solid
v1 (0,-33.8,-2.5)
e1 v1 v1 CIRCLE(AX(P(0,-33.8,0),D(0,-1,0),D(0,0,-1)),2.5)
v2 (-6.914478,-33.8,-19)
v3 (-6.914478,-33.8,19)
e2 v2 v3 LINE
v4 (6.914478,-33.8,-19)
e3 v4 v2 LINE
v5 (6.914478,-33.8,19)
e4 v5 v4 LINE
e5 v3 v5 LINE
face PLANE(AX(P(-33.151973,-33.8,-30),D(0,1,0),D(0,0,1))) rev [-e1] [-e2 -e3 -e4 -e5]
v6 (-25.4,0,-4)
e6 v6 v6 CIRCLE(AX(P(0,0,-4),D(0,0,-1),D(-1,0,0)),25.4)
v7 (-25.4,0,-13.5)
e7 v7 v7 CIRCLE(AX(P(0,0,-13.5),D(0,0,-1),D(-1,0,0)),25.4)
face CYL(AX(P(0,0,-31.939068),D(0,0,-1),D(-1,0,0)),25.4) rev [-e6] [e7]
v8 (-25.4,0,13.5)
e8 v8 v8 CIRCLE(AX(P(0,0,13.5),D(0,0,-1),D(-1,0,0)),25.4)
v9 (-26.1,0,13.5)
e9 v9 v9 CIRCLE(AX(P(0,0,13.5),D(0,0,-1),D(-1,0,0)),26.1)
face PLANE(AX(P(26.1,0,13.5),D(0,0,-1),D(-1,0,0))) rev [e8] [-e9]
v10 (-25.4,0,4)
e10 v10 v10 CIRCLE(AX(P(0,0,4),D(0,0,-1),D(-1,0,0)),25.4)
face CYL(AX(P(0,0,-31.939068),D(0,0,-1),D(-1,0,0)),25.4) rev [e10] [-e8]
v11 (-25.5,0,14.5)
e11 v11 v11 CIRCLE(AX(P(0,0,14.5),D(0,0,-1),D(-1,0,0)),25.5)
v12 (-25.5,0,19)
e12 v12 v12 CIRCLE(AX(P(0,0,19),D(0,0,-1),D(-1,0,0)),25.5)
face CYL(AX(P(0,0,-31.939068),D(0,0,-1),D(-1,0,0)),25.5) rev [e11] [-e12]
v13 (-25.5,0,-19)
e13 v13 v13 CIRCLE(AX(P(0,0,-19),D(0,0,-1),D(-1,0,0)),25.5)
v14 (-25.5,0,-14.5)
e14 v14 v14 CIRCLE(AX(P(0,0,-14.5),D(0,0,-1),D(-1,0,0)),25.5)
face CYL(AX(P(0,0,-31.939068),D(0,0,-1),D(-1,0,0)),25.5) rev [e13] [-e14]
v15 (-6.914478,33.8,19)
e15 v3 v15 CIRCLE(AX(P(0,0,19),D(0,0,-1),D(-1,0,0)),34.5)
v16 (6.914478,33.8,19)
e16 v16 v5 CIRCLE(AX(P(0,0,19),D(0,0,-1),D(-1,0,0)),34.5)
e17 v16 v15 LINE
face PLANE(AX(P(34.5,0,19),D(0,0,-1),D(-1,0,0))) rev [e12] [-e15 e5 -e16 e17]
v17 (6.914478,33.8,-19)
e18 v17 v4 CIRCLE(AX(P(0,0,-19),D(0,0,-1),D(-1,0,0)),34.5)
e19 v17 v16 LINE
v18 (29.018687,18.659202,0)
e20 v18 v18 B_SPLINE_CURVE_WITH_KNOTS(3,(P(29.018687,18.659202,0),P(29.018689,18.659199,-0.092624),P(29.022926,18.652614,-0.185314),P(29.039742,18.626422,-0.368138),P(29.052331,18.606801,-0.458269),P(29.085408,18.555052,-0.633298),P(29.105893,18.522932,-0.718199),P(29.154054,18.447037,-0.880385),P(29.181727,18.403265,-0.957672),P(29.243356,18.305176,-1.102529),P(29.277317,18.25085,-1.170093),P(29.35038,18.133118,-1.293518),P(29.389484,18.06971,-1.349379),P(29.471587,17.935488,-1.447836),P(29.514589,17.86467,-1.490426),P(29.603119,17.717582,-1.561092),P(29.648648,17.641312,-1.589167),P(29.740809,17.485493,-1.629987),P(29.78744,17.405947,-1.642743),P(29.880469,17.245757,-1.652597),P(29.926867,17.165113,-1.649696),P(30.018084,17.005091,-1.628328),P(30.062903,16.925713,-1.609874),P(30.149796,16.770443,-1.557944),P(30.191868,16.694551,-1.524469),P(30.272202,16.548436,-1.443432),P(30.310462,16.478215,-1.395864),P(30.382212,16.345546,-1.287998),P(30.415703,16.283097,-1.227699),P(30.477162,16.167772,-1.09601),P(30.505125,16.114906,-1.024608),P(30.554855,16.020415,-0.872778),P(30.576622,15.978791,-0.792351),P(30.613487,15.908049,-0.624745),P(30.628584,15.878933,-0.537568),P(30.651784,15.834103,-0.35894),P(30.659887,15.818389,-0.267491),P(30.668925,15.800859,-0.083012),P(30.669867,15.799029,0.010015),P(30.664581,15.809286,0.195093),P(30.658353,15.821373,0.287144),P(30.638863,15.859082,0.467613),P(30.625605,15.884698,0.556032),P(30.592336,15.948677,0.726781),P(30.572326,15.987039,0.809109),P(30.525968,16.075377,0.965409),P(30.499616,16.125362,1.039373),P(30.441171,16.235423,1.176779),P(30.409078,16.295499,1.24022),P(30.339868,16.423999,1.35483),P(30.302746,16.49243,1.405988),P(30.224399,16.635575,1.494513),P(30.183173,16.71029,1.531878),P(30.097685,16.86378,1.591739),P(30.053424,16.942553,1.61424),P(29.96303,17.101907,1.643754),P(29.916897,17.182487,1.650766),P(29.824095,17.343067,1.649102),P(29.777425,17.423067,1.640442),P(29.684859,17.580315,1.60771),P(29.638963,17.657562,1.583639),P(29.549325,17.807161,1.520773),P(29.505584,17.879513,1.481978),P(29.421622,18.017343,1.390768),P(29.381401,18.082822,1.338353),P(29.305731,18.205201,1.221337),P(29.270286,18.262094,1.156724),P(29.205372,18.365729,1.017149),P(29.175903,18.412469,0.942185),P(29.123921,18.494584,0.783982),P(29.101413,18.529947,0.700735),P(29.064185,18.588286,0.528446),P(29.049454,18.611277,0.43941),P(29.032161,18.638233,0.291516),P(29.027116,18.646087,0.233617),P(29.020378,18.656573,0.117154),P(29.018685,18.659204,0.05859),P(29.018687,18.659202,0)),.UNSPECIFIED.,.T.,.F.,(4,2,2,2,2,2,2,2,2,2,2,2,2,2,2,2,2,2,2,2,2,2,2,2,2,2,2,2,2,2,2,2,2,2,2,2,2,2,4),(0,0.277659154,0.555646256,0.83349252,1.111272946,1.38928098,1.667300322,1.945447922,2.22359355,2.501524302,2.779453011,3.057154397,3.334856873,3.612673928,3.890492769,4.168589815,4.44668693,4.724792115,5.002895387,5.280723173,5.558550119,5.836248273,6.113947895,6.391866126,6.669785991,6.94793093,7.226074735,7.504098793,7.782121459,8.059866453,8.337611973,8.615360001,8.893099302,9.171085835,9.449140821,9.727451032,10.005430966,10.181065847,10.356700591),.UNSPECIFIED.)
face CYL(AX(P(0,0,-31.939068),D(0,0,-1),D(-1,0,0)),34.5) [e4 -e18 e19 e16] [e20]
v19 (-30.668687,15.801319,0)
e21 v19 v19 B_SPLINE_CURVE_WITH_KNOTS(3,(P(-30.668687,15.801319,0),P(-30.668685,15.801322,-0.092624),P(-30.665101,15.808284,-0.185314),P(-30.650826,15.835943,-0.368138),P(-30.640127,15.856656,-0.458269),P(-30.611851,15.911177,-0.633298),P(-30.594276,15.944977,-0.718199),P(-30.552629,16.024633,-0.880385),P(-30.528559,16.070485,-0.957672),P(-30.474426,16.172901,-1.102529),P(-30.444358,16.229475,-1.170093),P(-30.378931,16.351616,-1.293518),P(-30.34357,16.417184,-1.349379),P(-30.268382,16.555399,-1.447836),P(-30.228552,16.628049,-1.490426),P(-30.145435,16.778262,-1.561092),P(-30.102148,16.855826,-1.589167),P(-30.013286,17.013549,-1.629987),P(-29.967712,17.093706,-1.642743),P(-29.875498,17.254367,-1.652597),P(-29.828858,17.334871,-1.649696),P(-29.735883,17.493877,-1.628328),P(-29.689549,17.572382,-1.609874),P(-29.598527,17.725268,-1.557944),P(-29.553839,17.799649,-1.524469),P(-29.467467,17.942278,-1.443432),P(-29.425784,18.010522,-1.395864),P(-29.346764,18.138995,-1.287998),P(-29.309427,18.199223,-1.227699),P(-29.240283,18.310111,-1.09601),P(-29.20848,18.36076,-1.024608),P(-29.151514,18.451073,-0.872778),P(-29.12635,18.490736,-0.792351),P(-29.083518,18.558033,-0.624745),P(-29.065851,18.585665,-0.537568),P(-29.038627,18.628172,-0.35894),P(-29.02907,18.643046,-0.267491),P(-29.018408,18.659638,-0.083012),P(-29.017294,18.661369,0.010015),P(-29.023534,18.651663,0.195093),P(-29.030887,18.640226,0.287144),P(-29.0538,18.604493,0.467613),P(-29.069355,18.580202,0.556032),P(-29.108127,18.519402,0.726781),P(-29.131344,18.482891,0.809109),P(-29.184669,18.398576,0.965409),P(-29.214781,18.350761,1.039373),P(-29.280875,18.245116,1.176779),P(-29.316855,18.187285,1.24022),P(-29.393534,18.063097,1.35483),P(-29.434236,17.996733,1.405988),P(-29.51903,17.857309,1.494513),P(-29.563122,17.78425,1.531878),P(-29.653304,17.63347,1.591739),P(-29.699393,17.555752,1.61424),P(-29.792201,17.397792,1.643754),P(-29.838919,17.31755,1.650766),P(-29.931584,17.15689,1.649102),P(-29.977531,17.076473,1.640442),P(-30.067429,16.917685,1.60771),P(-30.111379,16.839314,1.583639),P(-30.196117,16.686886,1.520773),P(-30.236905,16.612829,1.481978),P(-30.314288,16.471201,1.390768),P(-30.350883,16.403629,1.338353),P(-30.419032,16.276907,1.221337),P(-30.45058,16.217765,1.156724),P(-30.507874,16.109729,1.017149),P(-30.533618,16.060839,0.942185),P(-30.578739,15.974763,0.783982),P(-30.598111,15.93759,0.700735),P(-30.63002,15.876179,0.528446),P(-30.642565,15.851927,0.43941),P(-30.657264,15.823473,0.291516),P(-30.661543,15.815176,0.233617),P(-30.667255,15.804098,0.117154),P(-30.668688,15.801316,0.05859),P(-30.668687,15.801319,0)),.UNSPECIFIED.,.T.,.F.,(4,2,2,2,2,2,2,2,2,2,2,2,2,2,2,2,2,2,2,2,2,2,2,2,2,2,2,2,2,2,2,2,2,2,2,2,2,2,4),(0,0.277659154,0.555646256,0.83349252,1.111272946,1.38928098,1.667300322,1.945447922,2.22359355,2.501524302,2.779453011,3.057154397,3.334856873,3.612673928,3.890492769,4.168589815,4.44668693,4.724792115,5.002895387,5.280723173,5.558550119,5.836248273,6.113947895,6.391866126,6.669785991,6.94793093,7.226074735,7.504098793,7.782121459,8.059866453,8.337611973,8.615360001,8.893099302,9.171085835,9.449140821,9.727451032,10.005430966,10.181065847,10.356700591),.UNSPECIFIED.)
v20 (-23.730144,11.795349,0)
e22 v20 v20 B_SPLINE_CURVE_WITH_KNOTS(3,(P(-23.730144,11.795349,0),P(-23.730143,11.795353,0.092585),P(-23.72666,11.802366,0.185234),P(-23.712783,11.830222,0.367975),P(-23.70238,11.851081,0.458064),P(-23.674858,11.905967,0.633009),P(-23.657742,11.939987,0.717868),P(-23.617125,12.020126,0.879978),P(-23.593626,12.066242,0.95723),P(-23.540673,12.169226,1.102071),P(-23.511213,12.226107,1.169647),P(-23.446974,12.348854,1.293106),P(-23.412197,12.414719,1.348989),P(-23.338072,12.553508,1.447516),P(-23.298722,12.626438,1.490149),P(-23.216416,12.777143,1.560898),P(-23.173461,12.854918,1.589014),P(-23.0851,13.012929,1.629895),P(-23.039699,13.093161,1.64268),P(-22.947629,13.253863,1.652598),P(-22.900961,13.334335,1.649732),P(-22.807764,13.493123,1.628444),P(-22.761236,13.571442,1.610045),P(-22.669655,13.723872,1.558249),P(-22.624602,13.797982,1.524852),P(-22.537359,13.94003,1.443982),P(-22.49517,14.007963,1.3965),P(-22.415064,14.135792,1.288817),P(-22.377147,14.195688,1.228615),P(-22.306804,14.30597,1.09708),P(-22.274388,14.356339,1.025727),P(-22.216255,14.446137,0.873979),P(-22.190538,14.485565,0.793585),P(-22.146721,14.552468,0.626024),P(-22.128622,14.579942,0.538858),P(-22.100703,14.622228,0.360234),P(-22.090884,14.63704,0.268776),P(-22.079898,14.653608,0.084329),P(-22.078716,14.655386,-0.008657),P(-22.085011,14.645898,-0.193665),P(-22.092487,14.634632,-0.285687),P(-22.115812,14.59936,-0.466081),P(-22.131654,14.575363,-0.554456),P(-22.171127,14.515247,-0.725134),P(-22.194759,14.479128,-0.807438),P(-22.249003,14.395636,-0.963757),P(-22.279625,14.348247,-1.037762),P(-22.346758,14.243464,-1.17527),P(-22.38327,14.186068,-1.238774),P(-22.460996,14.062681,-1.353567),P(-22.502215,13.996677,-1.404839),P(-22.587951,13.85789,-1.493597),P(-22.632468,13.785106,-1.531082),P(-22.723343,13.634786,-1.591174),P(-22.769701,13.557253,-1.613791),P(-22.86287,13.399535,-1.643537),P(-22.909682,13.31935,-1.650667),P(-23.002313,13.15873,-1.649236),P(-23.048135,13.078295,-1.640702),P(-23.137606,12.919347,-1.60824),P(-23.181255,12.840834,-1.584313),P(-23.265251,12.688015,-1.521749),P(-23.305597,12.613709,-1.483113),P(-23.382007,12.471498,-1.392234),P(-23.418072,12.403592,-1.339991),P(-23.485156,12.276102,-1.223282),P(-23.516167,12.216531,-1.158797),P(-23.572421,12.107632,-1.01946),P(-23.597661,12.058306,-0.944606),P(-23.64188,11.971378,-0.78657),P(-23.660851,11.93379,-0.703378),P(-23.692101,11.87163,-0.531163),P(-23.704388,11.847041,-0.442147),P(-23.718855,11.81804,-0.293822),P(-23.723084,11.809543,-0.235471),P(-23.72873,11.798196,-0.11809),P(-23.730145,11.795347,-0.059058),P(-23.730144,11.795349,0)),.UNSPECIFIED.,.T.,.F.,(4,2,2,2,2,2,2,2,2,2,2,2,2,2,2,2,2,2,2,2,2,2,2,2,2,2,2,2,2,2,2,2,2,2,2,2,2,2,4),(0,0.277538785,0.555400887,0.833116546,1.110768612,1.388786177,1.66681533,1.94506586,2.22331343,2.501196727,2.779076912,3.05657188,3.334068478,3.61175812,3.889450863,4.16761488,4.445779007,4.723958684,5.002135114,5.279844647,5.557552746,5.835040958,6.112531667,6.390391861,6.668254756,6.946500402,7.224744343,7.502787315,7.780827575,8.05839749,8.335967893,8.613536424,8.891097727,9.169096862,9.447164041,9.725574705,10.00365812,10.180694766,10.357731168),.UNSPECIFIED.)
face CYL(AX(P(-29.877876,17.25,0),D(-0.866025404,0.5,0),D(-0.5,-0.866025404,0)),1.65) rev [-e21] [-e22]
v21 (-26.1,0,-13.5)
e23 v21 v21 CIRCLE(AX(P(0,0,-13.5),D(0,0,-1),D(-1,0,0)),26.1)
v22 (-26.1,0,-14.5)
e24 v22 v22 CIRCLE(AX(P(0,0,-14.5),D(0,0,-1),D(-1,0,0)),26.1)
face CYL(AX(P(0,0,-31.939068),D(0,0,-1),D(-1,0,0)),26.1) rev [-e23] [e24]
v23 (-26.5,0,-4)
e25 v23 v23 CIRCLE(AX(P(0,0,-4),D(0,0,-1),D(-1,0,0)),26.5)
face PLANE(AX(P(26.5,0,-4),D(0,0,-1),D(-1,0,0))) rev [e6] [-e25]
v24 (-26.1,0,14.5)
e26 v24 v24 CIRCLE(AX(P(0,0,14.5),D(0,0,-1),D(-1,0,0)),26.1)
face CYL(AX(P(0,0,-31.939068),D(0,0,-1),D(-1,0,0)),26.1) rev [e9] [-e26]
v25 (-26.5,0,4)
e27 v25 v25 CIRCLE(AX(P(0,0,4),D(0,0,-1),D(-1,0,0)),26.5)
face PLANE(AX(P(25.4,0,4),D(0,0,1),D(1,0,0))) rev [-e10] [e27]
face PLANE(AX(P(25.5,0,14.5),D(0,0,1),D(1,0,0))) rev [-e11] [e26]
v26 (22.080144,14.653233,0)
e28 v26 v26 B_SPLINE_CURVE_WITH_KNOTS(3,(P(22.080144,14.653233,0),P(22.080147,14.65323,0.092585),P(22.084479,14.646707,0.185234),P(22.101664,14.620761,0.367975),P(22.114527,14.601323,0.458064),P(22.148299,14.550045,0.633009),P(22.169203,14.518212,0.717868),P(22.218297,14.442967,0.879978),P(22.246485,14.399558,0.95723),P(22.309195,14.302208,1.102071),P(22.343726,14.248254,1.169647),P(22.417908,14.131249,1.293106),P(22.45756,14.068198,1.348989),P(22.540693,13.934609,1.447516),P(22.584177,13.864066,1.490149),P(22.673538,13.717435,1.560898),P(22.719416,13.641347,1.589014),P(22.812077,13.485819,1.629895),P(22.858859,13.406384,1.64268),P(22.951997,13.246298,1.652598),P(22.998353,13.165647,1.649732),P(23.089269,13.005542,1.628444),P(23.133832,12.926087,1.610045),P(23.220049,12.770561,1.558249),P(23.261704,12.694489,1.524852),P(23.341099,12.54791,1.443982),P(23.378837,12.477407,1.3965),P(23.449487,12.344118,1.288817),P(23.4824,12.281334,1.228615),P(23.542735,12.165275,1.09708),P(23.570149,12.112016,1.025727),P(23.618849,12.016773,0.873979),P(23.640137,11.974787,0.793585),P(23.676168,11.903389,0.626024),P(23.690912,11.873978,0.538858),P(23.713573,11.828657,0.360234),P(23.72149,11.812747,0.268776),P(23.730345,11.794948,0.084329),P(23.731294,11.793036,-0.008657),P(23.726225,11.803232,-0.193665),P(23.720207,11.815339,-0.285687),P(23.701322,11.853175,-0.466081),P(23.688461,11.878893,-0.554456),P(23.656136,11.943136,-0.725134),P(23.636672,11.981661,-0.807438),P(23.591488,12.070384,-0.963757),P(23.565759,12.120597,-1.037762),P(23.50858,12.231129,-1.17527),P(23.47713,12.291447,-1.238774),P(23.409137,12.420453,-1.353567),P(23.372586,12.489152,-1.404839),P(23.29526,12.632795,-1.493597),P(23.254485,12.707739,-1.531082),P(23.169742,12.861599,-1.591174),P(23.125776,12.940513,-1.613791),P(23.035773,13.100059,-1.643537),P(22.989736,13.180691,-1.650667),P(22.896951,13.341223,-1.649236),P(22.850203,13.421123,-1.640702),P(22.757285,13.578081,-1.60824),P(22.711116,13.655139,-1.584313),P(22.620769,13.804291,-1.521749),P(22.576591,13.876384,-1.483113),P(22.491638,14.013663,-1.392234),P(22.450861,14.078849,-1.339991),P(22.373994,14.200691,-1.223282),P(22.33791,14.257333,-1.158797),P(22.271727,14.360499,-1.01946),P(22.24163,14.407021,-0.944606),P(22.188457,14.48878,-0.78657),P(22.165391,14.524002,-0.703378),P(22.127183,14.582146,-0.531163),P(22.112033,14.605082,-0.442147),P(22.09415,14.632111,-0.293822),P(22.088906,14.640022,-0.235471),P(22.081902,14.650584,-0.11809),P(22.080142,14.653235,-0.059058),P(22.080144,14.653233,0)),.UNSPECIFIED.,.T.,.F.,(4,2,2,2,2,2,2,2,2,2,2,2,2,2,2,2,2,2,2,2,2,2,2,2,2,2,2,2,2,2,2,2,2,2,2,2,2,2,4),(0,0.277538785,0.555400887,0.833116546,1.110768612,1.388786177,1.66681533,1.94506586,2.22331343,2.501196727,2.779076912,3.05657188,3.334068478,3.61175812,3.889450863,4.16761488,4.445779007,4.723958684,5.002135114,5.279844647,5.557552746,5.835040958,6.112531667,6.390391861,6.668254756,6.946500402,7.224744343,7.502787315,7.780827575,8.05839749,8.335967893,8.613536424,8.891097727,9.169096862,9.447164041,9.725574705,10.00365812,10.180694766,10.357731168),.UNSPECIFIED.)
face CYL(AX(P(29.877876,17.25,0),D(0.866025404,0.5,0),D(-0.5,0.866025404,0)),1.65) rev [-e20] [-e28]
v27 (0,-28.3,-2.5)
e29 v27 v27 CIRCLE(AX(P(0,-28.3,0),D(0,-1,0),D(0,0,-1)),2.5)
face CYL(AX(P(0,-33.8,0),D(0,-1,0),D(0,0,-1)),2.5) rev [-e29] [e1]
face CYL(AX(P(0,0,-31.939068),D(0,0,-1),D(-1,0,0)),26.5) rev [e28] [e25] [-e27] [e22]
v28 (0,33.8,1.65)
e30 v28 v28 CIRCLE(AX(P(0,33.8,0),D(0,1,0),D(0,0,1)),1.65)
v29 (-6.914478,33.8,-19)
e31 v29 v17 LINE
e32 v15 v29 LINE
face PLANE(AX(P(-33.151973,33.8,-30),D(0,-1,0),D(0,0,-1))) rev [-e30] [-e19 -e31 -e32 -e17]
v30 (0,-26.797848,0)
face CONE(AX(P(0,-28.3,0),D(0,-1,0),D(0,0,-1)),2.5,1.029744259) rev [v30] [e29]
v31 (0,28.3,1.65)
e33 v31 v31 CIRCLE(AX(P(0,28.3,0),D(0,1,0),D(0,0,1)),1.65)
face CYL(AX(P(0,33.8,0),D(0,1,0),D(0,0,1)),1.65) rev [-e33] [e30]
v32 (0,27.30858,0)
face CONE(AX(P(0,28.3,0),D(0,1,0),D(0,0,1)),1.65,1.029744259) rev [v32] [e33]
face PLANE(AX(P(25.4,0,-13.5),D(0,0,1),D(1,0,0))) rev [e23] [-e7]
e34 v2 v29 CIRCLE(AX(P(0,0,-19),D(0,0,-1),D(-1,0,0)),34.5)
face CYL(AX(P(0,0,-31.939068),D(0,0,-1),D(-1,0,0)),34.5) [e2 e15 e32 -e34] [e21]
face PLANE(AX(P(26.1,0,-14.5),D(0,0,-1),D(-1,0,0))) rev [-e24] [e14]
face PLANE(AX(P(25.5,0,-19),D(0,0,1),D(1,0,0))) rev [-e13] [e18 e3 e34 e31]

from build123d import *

# Parameters (mm, degrees)
SKETCH_2_W                       = 64.02174429
SKETCH_2_H                       = 9.248919907
CUT_EXTRUDE_1_DEPTH              = 49
HOLE_WIZARD_M4_2_D               = 3.3
HOLE_WIZARD_M4_2_DEPTH           = 5.5
HOLE_WIZARD_M4_2_TIP             = 0.991420021
HOLE_WIZARD_M6_2_D               = 5
HOLE_WIZARD_M6_2_DEPTH           = 5.5
HOLE_WIZARD_M6_2_TIP             = 1.502151548
HOLE_WIZARD_M4_3_D               = 3.3
HOLE_WIZARD_M4_3_DEPTH           = 10.1
HOLE_WIZARD_M4_3_TIP             = 0.991420021
HOLE_WIZARD_M4_3_ON_FACE_2_D     = 3.3
HOLE_WIZARD_M4_3_ON_FACE_2_DEPTH = 10.1
HOLE_WIZARD_M4_3_ON_FACE_2_TIP   = 0.991420021


with BuildPart() as part:
    # 草图1 → 旋转1 (revolve)
    with BuildSketch(Plane(origin=(0, 0, 0), x_dir=(1, 0, 0), z_dir=(0, 1, 0)), mode=Mode.PRIVATE) as revolve_1_sk:
        Polygon((34.5, 19), (34.5, -19), (25.5, -19), (25.5, -14.5), (26.1, -14.5), (26.1, -13.5), (25.4, -13.5), (25.4, -4), (26.5, -4), (26.5, 4), (25.4, 4), (25.4, 13.5), (26.1, 13.5), (26.1, 14.5), (25.5, 14.5), (25.5, 19), align=None)
    revolve(revolve_1_sk.sketch.rotate(Axis((0, 0, -31.9390681), (0, 0, 1)), 180), axis=Axis((0, 0, -31.9390681), (0, 0, 1)))  # turned: the seam where the file's is

    # 草图2 → 切除-拉伸1 (cut)
    with BuildSketch(Plane.XY.offset(19)):
        with Locations((-1.141100508, 38.424459954)):
            Rectangle(SKETCH_2_W, SKETCH_2_H)
        with Locations((-1.141100508, -38.424459954)):
            Rectangle(SKETCH_2_W, SKETCH_2_H)
    extrude(amount=-CUT_EXTRUDE_1_DEPTH, mode=Mode.SUBTRACT)

    # M4 螺纹孔2
    with Locations(Plane(origin=(0, 33.8, 0), x_dir=(1, 0, 0), z_dir=(0, 1, 0))):
        with Locations((0, 0)):
            Hole(HOLE_WIZARD_M4_2_D / 2, depth=HOLE_WIZARD_M4_2_DEPTH)
            with Locations((0, 0, -(HOLE_WIZARD_M4_2_DEPTH + HOLE_WIZARD_M4_2_TIP / 2))):  # 118° drill point
                Cone(0, HOLE_WIZARD_M4_2_D / 2, HOLE_WIZARD_M4_2_TIP, mode=Mode.SUBTRACT)

    # M6 螺纹孔2
    with Locations(Plane(origin=(0, -33.8, 0), x_dir=(-1, 0, 0), z_dir=(0, -1, 0))):
        with Locations((0, 0)):
            Hole(HOLE_WIZARD_M6_2_D / 2, depth=HOLE_WIZARD_M6_2_DEPTH)
            with Locations((0, 0, -(HOLE_WIZARD_M6_2_DEPTH + HOLE_WIZARD_M6_2_TIP / 2))):  # 118° drill point
                Cone(0, HOLE_WIZARD_M6_2_D / 2, HOLE_WIZARD_M6_2_TIP, mode=Mode.SUBTRACT)

    # M4 螺纹孔3
    with Locations(Plane(origin=(29.877876431, 17.25, 0), x_dir=(-0.5, 0.866025404, 0), z_dir=(0.866025404, 0.5, 0))):
        with Locations((0, 0)):
            Hole(HOLE_WIZARD_M4_3_D / 2, depth=HOLE_WIZARD_M4_3_DEPTH)
            with Locations((0, 0, -(HOLE_WIZARD_M4_3_DEPTH + HOLE_WIZARD_M4_3_TIP / 2))):  # 118° drill point
                Cone(0, HOLE_WIZARD_M4_3_D / 2, HOLE_WIZARD_M4_3_TIP, mode=Mode.SUBTRACT)

    # M4 螺纹孔3 on face 2
    with Locations(Plane(origin=(-29.877876431, 17.25, 0), x_dir=(-0.500000175, -0.866025303, 0), z_dir=(-0.866025303, 0.500000175, 0))):
        with Locations((0, 0)):
            Hole(HOLE_WIZARD_M4_3_ON_FACE_2_D / 2, depth=HOLE_WIZARD_M4_3_ON_FACE_2_DEPTH)
            with Locations((0, 0, -(HOLE_WIZARD_M4_3_ON_FACE_2_DEPTH + HOLE_WIZARD_M4_3_ON_FACE_2_TIP / 2))):  # 118° drill point
                Cone(0, HOLE_WIZARD_M4_3_ON_FACE_2_D / 2, HOLE_WIZARD_M4_3_ON_FACE_2_TIP, mode=Mode.SUBTRACT)


solid = part.part
